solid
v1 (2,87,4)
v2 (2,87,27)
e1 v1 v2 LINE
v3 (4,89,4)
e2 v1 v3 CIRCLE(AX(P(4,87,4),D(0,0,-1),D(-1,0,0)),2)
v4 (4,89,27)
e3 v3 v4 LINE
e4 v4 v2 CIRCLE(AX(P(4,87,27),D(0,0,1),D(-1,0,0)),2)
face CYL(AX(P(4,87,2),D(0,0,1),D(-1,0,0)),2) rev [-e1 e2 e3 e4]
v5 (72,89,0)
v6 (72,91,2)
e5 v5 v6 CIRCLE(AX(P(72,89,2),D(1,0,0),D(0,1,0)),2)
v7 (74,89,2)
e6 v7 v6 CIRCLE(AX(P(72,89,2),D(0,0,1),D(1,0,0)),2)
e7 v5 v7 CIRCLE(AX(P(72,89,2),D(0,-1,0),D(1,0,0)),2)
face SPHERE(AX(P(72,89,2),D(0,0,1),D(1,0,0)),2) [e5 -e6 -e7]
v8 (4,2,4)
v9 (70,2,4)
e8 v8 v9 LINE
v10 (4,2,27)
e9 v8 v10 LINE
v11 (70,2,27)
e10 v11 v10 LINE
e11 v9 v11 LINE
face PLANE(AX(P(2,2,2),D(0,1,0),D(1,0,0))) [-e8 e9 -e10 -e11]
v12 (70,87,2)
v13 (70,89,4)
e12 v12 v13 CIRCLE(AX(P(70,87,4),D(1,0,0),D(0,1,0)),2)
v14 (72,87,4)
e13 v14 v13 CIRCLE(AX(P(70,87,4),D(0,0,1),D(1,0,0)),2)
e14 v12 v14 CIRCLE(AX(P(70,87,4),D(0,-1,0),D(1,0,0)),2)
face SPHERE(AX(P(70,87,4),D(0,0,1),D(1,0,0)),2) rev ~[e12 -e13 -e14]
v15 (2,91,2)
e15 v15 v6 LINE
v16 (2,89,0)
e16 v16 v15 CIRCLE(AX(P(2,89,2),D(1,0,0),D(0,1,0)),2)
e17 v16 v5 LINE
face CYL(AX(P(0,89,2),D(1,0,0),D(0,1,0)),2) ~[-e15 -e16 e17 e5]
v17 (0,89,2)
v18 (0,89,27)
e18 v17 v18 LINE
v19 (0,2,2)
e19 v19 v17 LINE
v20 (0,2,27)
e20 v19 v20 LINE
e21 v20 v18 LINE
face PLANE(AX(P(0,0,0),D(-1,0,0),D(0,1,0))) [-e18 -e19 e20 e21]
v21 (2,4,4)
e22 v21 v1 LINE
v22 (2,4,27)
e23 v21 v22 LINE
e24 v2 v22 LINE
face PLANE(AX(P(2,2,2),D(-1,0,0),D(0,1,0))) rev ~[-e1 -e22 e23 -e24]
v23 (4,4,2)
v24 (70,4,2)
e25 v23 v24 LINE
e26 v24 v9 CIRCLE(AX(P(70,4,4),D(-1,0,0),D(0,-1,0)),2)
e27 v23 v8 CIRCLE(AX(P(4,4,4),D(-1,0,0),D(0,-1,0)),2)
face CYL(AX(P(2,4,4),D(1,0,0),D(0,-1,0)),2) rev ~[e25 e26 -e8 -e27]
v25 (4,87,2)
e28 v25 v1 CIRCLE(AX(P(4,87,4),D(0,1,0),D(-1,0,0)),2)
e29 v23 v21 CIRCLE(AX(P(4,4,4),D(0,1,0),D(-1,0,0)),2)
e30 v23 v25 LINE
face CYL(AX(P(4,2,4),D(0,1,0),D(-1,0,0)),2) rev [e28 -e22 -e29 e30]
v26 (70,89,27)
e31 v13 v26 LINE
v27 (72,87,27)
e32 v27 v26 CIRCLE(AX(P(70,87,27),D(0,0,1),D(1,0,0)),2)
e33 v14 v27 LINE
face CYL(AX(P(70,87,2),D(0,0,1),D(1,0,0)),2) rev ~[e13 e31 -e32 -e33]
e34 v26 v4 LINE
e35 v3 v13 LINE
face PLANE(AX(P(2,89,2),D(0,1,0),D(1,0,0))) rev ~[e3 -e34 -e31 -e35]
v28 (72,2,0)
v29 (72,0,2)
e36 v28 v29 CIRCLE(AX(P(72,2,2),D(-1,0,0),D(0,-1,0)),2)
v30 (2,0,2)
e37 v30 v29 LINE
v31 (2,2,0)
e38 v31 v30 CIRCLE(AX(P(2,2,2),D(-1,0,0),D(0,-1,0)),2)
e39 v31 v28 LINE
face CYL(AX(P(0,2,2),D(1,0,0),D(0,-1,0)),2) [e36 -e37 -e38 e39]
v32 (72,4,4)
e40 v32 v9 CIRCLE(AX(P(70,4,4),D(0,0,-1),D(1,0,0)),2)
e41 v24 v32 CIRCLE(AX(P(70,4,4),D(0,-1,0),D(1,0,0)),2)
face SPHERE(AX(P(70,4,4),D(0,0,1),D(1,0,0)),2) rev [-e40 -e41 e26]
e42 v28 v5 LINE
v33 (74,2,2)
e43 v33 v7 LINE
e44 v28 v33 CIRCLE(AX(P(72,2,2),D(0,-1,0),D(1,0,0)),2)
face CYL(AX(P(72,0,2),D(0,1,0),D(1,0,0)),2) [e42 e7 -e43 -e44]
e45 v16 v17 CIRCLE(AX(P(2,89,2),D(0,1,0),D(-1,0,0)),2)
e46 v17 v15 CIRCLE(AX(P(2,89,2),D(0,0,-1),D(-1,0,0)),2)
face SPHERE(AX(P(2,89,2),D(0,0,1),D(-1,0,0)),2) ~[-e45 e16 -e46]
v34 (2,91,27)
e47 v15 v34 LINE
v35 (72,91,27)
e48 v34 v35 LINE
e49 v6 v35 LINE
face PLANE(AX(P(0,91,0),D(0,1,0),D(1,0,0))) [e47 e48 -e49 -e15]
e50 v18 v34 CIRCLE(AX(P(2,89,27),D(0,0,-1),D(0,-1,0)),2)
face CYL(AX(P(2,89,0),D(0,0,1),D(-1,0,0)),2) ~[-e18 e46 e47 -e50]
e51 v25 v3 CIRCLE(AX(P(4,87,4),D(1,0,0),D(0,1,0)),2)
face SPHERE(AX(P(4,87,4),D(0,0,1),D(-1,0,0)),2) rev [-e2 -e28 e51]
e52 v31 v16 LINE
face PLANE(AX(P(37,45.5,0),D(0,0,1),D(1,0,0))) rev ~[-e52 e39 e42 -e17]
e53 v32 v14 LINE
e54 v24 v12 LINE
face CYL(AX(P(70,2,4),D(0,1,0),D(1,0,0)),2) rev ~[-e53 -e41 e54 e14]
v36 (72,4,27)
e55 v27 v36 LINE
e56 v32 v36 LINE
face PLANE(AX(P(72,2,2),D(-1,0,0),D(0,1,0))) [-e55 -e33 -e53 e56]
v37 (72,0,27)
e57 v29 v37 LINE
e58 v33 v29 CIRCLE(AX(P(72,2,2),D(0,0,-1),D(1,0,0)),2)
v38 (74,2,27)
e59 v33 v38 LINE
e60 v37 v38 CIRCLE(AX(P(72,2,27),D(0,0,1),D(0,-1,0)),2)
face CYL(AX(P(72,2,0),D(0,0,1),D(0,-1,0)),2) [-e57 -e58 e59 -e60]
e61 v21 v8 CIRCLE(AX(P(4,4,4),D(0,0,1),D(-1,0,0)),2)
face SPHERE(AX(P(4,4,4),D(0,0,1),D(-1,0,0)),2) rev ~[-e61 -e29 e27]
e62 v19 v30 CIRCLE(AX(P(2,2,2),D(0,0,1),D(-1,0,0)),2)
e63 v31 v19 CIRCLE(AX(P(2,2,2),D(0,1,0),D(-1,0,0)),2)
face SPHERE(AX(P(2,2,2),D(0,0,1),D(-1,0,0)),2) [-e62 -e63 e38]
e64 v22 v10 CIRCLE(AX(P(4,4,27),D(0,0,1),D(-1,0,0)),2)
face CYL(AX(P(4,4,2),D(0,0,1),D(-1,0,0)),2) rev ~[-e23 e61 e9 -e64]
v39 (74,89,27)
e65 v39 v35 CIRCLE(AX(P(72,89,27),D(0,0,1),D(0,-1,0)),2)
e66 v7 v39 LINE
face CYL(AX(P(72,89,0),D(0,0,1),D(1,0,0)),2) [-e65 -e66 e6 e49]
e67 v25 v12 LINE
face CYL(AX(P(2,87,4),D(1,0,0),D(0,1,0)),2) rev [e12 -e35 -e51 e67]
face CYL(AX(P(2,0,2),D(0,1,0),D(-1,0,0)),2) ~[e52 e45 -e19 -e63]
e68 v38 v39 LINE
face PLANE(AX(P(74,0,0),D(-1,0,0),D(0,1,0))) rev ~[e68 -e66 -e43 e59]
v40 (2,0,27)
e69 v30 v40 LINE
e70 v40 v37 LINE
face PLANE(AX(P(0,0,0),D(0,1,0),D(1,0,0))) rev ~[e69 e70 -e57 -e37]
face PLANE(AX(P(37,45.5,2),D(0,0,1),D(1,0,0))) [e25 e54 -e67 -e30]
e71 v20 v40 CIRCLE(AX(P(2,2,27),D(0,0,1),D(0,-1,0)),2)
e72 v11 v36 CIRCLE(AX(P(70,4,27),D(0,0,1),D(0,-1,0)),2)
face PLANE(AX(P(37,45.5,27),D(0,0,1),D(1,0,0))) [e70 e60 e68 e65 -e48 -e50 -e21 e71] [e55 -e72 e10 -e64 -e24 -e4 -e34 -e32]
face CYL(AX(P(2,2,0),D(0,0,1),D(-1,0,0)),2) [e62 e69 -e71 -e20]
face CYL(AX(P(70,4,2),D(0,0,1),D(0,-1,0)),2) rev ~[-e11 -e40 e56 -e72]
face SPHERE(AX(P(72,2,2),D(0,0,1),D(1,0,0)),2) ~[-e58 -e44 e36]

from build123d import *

# Parameters (mm, degrees)
BOX027_W     = 70
BOX027_H     = 87
BOX027_DEPTH = 39
FILLET050_R  = 2
BOX031_W     = 74
BOX031_H     = 91
BOX031_DEPTH = 27
FILLET046_R  = 2


with BuildPart() as bottomcut013:
    # Box027 → Box027 (new body)
    with BuildSketch(Plane(origin=(2, 2, 2), x_dir=(1, 0, 0), z_dir=(0, 0, 1))):
        with Locations((35, 43.5)):
            Rectangle(BOX027_W, BOX027_H)
    extrude(amount=BOX027_DEPTH)

    # Fillet050
    fillet050_edges = [bottomcut013.edges().sort_by_distance(p)[0] for p in [
        (2, 2, 21.5),
        (2, 89, 21.5),
        (2, 45.5, 2),
        (72, 2, 21.5),
        (72, 89, 21.5),
        (72, 45.5, 2),
        (37, 2, 2),
        (37, 89, 2),
    ]]
    fillet(fillet050_edges, radius=FILLET050_R)


with BuildPart() as bottom052:
    # Box031 → Box031 (new body)
    with BuildSketch(Plane.XY):
        with Locations((37, 45.5)):
            Rectangle(BOX031_W, BOX031_H)
    extrude(amount=BOX031_DEPTH)

    # Fillet046
    fillet046_edges = [bottom052.edges().sort_by_distance(p)[0] for p in [
        (0, 0, 13.5),
        (0, 91, 13.5),
        (0, 45.5, 0),
        (74, 0, 13.5),
        (74, 91, 13.5),
        (74, 45.5, 0),
        (37, 0, 0),
        (37, 91, 0),
    ]]
    fillet(fillet046_edges, radius=FILLET046_R)

    # Cut032: cut bottomCut013
    add(bottomcut013.part, mode=Mode.SUBTRACT)


solid = bottom052.part
